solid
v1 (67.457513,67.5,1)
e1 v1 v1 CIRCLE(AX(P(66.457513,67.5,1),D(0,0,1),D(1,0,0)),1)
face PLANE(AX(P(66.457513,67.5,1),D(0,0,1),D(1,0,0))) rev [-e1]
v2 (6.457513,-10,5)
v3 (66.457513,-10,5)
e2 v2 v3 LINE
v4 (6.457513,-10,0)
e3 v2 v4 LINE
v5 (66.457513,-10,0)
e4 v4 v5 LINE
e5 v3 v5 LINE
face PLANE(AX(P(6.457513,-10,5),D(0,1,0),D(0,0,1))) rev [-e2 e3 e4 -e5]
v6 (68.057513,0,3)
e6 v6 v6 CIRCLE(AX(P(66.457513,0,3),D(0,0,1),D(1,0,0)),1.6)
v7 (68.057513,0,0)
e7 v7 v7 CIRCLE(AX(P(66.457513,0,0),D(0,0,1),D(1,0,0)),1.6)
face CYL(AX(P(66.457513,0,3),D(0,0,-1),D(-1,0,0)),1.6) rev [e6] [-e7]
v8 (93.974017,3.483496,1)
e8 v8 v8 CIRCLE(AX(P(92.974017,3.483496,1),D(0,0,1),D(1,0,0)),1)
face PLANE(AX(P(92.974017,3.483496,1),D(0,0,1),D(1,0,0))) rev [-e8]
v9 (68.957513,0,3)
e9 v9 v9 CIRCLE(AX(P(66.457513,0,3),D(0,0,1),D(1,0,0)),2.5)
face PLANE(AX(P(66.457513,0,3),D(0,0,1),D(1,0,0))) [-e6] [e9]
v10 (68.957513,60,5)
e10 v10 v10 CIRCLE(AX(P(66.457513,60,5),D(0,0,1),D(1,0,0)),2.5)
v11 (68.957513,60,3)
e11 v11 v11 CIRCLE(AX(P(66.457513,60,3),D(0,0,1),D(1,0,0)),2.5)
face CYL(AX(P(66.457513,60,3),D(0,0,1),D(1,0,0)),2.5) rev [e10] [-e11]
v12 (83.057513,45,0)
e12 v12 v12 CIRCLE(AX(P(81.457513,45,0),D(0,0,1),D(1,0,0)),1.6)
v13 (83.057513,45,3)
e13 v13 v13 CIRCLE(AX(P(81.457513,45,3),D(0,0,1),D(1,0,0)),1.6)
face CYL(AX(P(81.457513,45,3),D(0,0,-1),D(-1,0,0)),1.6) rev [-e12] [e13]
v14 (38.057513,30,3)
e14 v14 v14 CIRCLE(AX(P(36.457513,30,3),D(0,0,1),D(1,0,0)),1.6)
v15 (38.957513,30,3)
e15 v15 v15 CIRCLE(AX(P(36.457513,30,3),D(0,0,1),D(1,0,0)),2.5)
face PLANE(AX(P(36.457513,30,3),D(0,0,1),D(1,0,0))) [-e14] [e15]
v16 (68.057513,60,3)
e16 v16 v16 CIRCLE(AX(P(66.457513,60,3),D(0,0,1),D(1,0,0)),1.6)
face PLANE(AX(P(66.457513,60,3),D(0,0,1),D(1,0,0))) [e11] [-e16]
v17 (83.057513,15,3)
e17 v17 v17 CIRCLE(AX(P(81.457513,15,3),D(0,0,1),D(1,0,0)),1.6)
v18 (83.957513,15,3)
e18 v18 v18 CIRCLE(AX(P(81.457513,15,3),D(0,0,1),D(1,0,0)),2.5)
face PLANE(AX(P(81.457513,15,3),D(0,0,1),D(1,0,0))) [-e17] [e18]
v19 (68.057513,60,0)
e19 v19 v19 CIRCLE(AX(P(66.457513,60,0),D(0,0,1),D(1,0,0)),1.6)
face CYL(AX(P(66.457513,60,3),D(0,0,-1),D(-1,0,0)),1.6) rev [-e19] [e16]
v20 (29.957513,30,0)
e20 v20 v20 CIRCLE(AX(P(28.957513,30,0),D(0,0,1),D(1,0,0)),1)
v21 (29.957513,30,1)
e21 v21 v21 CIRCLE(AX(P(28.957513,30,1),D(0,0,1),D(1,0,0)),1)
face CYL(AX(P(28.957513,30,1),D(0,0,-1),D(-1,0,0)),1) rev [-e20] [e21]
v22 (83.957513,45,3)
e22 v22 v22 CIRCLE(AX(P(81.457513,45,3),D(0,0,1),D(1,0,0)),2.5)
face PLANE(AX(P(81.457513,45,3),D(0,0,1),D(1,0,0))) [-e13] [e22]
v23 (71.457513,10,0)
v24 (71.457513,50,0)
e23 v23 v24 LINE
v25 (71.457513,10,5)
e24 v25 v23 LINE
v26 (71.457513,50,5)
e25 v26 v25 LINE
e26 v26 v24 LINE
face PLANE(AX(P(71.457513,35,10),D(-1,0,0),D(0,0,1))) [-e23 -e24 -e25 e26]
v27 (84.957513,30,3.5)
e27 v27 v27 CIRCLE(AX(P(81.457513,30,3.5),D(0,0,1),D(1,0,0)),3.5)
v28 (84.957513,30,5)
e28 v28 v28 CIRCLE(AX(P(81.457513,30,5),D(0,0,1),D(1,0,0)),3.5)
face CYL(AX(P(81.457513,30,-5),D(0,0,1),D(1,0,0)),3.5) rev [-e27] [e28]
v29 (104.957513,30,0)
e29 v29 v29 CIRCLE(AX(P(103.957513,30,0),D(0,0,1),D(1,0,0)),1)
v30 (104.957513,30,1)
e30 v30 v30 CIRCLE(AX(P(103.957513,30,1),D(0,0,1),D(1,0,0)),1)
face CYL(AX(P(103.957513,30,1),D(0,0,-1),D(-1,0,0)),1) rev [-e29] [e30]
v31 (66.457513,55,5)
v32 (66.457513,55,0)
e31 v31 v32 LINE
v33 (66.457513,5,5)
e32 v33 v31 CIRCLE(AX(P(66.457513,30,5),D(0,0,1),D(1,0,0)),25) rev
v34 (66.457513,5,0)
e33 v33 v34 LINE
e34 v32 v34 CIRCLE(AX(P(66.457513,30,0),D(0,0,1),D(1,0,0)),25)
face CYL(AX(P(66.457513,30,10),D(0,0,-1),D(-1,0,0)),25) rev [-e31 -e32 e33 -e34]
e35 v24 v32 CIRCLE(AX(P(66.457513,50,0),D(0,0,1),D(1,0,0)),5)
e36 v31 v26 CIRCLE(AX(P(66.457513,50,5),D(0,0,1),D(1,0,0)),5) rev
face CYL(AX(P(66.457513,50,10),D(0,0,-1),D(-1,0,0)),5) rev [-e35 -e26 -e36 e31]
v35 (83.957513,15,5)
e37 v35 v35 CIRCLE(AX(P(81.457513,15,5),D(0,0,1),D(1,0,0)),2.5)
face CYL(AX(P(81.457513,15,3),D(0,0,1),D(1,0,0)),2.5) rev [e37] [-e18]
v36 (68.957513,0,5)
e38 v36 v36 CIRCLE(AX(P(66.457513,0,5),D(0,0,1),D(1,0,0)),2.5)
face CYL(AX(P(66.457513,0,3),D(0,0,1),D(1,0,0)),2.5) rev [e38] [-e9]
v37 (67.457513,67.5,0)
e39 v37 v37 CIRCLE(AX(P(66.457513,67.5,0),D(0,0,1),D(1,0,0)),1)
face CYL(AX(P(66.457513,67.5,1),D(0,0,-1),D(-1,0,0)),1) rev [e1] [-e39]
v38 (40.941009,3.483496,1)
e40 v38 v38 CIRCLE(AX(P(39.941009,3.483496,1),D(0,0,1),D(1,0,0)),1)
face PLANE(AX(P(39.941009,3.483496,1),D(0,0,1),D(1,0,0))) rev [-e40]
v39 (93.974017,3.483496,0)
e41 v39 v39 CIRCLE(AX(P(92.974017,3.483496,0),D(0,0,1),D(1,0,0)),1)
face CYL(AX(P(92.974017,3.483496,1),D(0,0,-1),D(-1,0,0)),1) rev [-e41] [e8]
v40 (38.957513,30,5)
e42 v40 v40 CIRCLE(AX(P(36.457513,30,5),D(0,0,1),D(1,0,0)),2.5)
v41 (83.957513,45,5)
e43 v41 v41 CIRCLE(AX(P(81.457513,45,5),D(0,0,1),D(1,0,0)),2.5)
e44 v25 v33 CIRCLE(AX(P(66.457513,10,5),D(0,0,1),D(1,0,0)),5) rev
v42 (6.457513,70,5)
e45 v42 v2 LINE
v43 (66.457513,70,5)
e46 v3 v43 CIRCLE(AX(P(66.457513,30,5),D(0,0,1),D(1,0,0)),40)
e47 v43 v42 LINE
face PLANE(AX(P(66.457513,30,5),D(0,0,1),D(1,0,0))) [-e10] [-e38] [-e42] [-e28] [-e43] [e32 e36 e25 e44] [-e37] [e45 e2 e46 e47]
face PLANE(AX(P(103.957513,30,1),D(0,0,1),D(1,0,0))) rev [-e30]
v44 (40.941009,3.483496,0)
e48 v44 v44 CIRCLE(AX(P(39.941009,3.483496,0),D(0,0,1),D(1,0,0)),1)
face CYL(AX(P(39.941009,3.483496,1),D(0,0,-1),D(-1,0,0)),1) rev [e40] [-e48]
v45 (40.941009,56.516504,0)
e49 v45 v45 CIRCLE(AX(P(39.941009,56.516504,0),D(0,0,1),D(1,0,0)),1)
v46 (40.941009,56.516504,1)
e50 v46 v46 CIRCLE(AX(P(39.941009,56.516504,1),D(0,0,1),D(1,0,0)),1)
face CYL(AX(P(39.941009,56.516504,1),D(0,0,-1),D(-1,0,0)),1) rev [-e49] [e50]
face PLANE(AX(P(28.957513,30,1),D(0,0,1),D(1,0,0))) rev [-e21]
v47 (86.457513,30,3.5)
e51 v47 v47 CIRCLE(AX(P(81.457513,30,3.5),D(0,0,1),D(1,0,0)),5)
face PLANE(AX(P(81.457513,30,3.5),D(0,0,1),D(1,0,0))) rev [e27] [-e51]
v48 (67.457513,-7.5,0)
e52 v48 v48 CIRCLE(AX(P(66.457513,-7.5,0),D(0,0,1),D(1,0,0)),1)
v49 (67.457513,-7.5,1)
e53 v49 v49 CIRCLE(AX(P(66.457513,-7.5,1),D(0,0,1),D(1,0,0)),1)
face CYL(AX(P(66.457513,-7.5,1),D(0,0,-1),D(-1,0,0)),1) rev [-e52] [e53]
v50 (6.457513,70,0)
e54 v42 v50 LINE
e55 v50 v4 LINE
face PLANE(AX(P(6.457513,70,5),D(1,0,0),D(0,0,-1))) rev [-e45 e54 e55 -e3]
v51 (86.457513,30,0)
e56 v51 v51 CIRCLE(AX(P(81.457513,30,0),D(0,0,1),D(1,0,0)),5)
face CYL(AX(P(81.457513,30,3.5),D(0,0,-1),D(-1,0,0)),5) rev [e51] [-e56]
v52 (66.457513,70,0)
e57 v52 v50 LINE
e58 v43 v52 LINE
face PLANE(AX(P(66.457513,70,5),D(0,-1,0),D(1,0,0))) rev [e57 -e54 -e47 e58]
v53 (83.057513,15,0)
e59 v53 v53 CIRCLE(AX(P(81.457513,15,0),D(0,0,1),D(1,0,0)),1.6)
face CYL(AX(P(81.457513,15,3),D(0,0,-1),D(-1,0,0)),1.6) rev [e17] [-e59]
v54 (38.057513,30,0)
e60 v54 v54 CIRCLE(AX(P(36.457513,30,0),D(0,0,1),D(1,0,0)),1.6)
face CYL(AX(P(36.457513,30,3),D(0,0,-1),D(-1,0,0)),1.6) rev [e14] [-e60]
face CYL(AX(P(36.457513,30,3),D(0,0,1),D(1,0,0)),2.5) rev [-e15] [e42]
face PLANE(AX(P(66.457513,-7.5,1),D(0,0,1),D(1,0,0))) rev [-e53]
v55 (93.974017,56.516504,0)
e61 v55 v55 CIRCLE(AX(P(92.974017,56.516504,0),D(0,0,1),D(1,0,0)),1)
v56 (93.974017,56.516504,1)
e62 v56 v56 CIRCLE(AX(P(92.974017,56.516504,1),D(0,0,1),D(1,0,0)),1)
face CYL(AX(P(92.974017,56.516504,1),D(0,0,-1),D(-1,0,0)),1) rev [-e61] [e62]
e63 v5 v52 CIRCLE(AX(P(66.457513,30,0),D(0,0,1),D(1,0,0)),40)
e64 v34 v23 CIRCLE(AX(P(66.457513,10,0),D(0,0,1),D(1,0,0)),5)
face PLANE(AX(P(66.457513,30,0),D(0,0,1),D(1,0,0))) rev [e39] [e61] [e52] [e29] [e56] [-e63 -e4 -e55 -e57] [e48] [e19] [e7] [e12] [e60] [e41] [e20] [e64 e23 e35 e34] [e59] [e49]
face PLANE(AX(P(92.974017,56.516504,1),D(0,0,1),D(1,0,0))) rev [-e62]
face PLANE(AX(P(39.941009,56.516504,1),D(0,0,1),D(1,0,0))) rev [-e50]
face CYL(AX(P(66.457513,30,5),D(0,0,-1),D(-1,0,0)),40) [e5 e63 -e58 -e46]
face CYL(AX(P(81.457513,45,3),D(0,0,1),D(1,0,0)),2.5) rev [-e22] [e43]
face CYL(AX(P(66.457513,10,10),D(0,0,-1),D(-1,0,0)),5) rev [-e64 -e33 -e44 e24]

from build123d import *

# Parameters (mm, degrees)
EXTRUDE_1_DEPTH      = 5
CUT_EXTRUDE_2_DEPTH  = 10
SKETCH_4_R           = 5
CUT_EXTRUDE_3_DEPTH  = 3.5
SKETCH_8_R           = 1
CUT_EXTRUDE_7_DEPTH  = 1
SKETCH_10_R          = 2.5
CUT_EXTRUDE_8_DEPTH  = 2
SKETCH_9_R           = 1.6
CUT_EXTRUDE_9_DEPTH  = 3
SKETCH_11_R          = 3.5
CUT_EXTRUDE_10_DEPTH = 10


with BuildPart() as part:
    # 草图1 → 凸台-拉伸1 (new body)
    with BuildSketch(Plane.XY):
        with BuildLine():
            Line((66.457513111, 70), (6.457513111, 70))
            Line((6.457513111, 70), (6.457513111, -10))
            Line((6.457513111, -10), (66.457513111, -10))
            ThreePointArc((66.457513111, -10), (106.457513111, 30), (66.457513111, 70))
        make_face()
    extrude(amount=EXTRUDE_1_DEPTH)

    # 草图3 → 切除-拉伸2 (cut)
    with BuildSketch(Plane.XY):
        with BuildLine():
            Line((71.457513111, 35), (71.457513111, 50))
            ThreePointArc((71.457513111, 50), (69.993047017, 53.535533906), (66.457513111, 55))
            ThreePointArc((66.457513111, 55), (41.457513111, 30), (66.457513111, 5))
            ThreePointArc((66.457513111, 5), (69.993047017, 6.464466094), (71.457513111, 10))
            Line((71.457513111, 10), (71.457513111, 35))
        make_face()
    extrude(amount=CUT_EXTRUDE_2_DEPTH, mode=Mode.SUBTRACT)

    # 草图4 → 切除-拉伸3 (cut)
    with BuildSketch(Plane.XY):
        with Locations((81.457513111, 30)):
            Circle(SKETCH_4_R)
    extrude(amount=CUT_EXTRUDE_3_DEPTH, mode=Mode.SUBTRACT)

    # 草图8 → 切除-拉伸7 (cut)
    with BuildSketch(Plane.XY):
        with Locations((66.457513111, 67.5)):
            Circle(SKETCH_8_R)
        with Locations((92.974017405, 56.516504294)):
            Circle(SKETCH_8_R)
        with Locations((103.957513111, 30)):
            Circle(SKETCH_8_R)
        with Locations((92.974017405, 3.483495706)):
            Circle(SKETCH_8_R)
        with Locations((66.457513111, -7.5)):
            Circle(SKETCH_8_R)
        with Locations((39.941008816, 3.483495706)):
            Circle(SKETCH_8_R)
        with Locations((28.957513111, 30)):
            Circle(SKETCH_8_R)
        with Locations((39.941008816, 56.516504294)):
            Circle(SKETCH_8_R)
    extrude(amount=CUT_EXTRUDE_7_DEPTH, mode=Mode.SUBTRACT)

    # 草图10 → 切除-拉伸8 (cut)
    with BuildSketch(Plane.XY.offset(5)):
        with Locations((66.457513111, 60)):
            Circle(SKETCH_10_R)
        with Locations((81.457513111, 45)):
            Circle(SKETCH_10_R)
        with Locations((66.457513111, 0)):
            Circle(SKETCH_10_R)
        with Locations((36.457513111, 30)):
            Circle(SKETCH_10_R)
        with Locations((81.457513111, 15)):
            Circle(SKETCH_10_R)
    extrude(amount=-CUT_EXTRUDE_8_DEPTH, mode=Mode.SUBTRACT)

    # 草图9 → 切除-拉伸9 (cut)
    with BuildSketch(Plane.XY):
        with Locations((81.457513111, 45)):
            Circle(SKETCH_9_R)
        with Locations((66.457513111, 60)):
            Circle(SKETCH_9_R)
        with Locations((81.457513111, 15)):
            Circle(SKETCH_9_R)
        with Locations((66.457513111, 0)):
            Circle(SKETCH_9_R)
        with Locations((36.457513111, 30)):
            Circle(SKETCH_9_R)
    extrude(amount=CUT_EXTRUDE_9_DEPTH, mode=Mode.SUBTRACT)

    # 草图11 → 切除-拉伸10 (cut)
    with BuildSketch(Plane.XY.offset(5)):
        with Locations((81.457513111, 30)):
            Circle(SKETCH_11_R)
    extrude(amount=-CUT_EXTRUDE_10_DEPTH, mode=Mode.SUBTRACT)


solid = part.part
